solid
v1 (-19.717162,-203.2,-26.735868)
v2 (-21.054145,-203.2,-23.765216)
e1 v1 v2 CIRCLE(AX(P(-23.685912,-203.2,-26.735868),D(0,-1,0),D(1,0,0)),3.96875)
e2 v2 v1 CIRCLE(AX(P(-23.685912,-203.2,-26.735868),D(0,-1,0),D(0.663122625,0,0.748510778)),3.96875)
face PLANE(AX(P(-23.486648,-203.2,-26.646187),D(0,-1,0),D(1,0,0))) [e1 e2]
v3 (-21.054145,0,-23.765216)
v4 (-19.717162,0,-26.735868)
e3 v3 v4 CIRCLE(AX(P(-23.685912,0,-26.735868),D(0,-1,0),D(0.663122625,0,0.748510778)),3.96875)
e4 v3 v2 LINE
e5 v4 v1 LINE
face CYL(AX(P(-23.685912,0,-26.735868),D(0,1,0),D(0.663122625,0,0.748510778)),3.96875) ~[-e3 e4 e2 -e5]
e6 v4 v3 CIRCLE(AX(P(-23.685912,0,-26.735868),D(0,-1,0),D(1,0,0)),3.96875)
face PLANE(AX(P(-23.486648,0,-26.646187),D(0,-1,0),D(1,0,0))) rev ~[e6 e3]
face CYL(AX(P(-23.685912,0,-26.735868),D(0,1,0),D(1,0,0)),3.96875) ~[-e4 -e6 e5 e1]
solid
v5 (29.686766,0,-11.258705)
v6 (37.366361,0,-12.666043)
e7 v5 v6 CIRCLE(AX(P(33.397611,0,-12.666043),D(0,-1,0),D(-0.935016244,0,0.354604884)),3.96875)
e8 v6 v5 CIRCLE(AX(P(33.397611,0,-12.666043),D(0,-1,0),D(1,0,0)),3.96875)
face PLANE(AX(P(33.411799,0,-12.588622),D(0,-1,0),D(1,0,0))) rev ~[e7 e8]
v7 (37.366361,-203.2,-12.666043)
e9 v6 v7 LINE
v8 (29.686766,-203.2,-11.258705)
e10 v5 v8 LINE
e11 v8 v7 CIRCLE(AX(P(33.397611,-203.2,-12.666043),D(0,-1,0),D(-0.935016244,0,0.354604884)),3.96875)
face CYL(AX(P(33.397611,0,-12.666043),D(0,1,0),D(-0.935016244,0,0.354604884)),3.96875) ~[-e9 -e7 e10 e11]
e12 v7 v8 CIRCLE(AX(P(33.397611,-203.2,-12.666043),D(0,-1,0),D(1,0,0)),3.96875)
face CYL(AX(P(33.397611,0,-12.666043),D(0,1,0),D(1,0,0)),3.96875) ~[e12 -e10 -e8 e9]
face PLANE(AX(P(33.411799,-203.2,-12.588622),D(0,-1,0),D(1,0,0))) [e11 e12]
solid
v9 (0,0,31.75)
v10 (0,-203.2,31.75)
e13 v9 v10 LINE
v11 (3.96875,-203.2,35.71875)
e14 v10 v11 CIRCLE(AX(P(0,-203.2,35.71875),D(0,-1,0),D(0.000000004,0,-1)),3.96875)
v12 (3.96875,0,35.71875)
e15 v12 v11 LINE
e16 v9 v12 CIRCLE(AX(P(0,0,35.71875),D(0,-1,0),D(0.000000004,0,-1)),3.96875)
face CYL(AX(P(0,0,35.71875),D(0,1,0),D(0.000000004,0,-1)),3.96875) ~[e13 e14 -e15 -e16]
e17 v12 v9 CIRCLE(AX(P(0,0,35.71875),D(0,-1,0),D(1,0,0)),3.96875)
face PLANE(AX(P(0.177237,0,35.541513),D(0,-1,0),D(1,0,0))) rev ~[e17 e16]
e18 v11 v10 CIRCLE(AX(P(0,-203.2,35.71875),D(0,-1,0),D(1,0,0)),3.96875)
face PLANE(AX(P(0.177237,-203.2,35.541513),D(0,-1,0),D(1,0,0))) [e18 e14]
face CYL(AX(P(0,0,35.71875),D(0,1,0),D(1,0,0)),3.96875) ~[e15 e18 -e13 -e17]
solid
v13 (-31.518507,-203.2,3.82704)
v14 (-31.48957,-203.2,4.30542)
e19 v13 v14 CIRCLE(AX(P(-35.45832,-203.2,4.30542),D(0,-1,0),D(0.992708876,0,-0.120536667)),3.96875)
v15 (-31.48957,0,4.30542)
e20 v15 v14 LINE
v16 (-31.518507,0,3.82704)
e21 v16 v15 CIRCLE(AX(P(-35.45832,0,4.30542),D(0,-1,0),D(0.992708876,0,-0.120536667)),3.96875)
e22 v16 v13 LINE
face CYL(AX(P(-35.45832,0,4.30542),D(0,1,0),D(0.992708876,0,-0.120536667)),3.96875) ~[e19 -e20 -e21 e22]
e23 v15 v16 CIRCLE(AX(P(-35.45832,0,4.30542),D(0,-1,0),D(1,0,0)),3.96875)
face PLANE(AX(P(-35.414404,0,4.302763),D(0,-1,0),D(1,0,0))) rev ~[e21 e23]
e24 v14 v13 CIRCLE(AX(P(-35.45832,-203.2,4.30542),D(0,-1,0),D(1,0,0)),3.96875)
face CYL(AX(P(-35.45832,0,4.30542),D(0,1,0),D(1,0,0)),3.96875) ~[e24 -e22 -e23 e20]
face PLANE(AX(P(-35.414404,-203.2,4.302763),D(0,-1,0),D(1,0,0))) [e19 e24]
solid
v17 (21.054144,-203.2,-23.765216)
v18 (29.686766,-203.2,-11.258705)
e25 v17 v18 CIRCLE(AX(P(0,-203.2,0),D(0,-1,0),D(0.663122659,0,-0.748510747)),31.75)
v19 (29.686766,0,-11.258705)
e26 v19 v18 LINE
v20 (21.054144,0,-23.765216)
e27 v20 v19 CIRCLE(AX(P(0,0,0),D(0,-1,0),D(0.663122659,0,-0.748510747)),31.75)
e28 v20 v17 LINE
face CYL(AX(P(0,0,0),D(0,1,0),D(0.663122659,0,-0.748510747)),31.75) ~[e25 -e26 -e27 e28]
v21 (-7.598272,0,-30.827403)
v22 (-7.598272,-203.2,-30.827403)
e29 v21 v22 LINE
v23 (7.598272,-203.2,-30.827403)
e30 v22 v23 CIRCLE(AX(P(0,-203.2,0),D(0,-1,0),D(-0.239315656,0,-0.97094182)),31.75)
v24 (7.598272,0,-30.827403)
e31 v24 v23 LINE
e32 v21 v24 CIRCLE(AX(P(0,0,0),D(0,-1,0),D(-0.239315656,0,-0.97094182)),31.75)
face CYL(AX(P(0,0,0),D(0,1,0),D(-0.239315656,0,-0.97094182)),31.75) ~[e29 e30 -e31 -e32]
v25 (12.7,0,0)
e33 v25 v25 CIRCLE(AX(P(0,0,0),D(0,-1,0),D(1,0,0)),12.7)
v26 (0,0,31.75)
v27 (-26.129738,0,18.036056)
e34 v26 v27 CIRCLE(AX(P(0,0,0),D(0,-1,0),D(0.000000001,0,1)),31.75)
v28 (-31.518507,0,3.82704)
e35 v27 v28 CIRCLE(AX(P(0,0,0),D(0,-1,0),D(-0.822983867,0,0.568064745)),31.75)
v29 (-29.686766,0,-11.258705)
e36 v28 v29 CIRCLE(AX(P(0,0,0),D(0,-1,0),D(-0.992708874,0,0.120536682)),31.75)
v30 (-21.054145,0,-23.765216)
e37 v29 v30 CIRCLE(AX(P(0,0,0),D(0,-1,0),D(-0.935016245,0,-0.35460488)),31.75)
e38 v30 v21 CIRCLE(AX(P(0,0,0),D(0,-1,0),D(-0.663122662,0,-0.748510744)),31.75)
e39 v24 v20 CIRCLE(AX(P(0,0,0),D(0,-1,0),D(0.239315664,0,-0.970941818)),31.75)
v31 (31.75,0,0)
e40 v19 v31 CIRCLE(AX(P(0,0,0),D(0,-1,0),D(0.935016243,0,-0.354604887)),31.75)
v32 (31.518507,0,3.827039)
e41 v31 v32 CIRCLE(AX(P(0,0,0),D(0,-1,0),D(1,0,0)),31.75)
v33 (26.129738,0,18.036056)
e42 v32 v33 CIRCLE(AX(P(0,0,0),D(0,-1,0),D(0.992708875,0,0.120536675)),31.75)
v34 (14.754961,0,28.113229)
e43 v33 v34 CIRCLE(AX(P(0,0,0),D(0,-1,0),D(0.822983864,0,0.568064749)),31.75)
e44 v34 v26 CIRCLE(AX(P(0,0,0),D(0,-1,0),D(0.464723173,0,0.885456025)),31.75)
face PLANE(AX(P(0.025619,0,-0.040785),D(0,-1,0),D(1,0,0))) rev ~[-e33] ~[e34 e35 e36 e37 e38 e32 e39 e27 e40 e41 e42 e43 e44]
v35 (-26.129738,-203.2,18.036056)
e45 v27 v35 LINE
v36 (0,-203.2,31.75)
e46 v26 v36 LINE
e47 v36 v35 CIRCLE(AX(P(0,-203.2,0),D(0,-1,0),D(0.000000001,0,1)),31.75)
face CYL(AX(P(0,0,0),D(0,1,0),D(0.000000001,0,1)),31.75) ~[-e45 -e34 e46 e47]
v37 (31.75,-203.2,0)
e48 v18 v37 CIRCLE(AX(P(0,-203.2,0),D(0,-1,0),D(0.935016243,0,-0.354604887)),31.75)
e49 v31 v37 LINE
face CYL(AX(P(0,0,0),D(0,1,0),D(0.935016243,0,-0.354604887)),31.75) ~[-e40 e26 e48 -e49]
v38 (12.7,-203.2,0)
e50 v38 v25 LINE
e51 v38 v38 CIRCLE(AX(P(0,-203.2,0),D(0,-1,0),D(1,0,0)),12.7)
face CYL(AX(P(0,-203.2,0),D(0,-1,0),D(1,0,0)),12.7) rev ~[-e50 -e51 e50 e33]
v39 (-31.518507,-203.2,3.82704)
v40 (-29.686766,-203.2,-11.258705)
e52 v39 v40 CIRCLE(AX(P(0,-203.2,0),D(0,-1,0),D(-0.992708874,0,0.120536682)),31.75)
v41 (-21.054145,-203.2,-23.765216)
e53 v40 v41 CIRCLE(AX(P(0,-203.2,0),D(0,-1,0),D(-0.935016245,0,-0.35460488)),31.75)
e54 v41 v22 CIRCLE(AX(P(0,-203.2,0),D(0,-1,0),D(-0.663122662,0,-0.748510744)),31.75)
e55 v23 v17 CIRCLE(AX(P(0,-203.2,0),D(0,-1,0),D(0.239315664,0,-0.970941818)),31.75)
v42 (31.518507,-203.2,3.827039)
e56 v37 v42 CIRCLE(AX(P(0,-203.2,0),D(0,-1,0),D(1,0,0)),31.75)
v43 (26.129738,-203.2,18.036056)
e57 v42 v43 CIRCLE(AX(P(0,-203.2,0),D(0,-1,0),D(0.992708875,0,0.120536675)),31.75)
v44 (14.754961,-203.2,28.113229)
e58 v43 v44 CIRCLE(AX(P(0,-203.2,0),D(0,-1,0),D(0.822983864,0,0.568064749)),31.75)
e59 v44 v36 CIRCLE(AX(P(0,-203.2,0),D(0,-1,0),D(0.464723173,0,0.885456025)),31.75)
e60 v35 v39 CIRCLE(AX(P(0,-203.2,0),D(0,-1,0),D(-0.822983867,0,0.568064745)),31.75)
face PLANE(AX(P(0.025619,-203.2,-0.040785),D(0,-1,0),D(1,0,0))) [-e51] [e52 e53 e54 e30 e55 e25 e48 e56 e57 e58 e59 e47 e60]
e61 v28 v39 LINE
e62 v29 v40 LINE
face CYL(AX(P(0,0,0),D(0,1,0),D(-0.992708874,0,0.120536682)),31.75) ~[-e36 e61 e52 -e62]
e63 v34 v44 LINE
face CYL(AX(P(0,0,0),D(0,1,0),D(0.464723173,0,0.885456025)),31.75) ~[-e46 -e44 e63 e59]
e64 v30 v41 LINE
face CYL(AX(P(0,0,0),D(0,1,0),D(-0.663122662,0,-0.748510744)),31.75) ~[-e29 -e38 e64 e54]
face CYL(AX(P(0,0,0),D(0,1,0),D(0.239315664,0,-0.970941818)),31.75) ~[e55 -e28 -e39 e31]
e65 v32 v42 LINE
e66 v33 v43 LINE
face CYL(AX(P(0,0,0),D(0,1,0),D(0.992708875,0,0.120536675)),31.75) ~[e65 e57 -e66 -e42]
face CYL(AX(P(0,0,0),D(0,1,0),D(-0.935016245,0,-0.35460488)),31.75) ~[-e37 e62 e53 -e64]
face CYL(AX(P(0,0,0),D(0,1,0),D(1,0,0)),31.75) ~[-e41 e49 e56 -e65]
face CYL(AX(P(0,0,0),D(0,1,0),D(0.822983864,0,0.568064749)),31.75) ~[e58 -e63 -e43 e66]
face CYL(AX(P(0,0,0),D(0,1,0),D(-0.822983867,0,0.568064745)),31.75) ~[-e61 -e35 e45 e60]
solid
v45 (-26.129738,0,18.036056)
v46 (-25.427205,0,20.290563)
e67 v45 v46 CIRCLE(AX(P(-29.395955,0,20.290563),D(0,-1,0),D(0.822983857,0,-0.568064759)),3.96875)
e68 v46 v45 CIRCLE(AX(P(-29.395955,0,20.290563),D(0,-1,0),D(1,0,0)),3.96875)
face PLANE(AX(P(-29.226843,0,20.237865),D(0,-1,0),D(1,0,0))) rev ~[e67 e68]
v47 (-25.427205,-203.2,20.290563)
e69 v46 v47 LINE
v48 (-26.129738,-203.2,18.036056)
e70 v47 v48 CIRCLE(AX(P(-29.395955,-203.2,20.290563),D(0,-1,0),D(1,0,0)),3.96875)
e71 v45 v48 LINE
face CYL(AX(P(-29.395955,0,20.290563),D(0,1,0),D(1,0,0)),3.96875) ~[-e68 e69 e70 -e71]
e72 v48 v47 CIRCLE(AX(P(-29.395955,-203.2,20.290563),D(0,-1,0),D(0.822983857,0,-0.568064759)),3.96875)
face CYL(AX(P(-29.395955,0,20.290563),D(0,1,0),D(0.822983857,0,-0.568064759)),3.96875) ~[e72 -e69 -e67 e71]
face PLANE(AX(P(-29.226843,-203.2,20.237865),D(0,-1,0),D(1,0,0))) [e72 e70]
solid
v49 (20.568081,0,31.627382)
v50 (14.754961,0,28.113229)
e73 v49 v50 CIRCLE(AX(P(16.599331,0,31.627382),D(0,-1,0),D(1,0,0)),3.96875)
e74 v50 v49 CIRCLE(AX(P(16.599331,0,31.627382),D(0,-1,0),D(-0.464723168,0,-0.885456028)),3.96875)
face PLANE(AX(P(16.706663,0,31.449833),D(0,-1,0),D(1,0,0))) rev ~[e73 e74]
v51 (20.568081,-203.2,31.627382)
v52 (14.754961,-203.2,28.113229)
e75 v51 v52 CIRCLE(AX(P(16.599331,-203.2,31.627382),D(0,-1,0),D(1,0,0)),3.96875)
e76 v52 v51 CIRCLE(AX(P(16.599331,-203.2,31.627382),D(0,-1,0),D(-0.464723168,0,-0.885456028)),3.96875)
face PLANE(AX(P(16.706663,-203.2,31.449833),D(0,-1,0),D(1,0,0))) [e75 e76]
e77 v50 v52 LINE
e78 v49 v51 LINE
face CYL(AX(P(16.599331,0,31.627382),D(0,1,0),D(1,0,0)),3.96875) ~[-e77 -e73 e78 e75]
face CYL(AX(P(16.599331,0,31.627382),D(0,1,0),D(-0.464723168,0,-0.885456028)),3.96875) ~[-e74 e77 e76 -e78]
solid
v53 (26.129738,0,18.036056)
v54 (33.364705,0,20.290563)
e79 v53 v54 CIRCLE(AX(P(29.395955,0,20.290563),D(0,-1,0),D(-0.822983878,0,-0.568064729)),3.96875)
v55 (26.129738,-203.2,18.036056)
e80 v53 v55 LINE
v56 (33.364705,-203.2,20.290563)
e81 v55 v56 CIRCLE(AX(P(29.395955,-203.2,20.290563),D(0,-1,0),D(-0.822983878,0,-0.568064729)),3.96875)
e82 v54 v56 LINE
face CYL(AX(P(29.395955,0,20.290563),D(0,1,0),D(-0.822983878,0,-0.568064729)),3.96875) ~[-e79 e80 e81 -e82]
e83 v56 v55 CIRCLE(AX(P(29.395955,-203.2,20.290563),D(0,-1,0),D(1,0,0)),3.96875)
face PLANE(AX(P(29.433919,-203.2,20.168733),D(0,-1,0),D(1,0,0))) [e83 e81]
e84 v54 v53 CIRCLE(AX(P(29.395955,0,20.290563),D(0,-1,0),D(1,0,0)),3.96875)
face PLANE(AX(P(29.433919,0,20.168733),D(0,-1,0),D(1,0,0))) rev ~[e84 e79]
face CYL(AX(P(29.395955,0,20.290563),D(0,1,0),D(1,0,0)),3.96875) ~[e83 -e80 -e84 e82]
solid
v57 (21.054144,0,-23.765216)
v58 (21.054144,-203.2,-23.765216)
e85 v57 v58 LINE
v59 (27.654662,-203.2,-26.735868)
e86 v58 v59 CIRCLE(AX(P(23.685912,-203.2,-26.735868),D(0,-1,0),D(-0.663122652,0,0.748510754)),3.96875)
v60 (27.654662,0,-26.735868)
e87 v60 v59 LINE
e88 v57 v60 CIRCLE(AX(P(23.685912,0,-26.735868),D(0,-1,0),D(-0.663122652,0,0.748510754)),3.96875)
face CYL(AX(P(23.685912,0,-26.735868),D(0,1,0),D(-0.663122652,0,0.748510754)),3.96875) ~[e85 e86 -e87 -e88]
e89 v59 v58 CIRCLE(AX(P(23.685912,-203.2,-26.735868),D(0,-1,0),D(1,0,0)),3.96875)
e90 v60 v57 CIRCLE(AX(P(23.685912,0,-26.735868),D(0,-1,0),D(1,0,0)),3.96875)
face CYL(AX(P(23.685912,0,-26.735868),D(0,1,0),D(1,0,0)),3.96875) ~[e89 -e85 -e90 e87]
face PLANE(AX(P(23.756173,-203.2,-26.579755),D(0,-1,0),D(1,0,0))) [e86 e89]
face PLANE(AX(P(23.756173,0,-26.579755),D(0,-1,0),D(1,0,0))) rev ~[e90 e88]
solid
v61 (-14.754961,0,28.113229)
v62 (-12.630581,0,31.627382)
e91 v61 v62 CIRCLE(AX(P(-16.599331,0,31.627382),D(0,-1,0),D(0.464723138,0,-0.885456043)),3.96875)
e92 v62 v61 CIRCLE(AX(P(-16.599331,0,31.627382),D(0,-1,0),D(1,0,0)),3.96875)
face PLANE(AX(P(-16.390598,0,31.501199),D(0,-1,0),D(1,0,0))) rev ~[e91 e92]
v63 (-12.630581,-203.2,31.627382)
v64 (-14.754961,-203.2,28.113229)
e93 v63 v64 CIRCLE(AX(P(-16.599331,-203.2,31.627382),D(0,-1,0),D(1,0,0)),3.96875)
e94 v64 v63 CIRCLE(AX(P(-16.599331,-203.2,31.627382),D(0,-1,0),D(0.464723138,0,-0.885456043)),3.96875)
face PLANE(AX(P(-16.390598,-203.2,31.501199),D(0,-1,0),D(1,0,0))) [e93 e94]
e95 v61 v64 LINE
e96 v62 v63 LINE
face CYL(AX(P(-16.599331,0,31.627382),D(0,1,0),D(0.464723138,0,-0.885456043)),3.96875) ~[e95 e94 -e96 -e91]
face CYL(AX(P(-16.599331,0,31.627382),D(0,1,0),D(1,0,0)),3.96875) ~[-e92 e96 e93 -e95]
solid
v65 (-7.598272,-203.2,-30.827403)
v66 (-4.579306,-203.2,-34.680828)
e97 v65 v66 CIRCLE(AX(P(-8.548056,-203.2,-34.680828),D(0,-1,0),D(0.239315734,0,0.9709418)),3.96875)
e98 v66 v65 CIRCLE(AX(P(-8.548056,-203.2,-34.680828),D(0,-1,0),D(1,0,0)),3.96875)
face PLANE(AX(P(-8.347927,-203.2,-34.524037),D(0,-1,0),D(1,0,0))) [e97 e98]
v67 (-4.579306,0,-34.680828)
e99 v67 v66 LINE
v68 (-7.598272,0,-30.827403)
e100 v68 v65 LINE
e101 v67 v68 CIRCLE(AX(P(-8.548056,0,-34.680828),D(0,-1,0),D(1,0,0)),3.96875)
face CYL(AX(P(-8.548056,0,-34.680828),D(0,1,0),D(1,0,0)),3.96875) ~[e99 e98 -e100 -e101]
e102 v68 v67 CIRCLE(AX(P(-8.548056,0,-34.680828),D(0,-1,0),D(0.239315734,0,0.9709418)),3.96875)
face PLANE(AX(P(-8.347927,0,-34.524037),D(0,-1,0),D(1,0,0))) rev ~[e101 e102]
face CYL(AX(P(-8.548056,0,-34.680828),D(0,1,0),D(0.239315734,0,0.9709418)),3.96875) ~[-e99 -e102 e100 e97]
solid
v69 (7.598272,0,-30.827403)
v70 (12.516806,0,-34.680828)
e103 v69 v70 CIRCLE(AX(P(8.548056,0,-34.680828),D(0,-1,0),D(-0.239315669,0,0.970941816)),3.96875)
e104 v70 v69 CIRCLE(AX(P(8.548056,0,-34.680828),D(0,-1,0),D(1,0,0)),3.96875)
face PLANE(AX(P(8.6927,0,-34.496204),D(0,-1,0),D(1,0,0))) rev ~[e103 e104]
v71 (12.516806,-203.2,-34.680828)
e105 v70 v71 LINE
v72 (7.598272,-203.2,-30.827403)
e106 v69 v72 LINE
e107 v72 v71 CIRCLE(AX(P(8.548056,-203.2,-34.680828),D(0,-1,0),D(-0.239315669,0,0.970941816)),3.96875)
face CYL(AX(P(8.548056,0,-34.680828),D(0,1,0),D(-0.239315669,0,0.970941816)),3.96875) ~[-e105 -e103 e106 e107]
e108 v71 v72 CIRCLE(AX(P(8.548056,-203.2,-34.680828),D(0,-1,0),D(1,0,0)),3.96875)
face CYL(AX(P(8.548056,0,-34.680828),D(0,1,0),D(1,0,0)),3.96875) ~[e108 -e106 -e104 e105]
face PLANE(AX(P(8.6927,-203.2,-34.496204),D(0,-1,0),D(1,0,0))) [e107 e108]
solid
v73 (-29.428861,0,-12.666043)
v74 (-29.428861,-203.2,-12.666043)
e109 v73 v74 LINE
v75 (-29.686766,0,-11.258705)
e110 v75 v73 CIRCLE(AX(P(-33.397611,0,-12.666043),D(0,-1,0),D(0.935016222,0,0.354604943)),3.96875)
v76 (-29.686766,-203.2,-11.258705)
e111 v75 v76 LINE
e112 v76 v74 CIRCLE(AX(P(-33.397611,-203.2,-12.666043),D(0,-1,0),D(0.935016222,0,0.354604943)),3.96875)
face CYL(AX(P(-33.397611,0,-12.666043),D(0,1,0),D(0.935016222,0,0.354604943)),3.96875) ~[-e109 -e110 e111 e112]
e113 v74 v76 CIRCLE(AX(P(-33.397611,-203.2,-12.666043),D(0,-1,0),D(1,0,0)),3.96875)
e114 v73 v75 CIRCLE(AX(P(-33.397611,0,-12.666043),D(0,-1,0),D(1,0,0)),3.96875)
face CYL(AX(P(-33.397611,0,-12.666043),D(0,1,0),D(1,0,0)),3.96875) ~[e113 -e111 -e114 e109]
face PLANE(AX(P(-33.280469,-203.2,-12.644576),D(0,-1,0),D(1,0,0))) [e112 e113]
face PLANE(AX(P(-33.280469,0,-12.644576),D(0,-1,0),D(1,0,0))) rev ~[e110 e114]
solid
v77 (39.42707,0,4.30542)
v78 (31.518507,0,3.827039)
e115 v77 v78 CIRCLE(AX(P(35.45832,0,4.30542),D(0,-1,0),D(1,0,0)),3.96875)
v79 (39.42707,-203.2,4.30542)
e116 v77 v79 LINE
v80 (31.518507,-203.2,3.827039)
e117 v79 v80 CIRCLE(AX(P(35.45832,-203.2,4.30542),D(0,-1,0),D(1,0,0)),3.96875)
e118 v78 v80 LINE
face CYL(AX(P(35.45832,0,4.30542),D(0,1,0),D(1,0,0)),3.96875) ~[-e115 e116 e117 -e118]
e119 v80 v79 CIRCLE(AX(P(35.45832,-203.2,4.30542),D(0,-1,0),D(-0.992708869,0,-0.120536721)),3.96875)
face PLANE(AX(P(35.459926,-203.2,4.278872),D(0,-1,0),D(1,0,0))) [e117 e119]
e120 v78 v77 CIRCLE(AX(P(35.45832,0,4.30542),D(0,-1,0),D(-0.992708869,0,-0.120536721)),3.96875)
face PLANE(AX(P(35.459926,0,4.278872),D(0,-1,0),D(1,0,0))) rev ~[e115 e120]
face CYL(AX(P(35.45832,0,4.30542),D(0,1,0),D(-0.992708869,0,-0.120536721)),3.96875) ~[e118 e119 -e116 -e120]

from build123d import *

# Parameters (mm, degrees)
F1_DEPTH = 203.2
F2_R     = 12.7
F3_DEPTH = 203.2


with BuildPart() as f1:
    # F0 (on Front) → F1 (new body)
    with BuildSketch(Plane.XZ):
        with BuildLine():
            ThreePointArc((29.6867657005, -11.2587051762), (31.2299320444, -5.7230974572), (31.75, 0))
            ThreePointArc((31.75, 0), (31.6920738515, 1.9170172122), (31.5185067722, 3.8270394371))
            ThreePointArc((31.5185067722, 3.8270394371), (29.6867657186, 11.2587051285), (26.1297376926, 18.0360557804))
            ThreePointArc((26.1297376926, 18.0360557804), (21.0541443733, 23.7652162773), (14.7549607284, 28.1132288061))
            ThreePointArc((14.7549607284, 28.1132288061), (7.5982723581, 30.8274026991), (1.69e-08, 31.75))
            ThreePointArc((1.69e-08, 31.75), (-7.5982724069, 30.8274026871), (-14.7549608473, 28.1132287437))
            ThreePointArc((-14.7549608473, 28.1132287437), (-21.0541444784, 23.7652161842), (-26.1297377758, 18.0360556599))
            ThreePointArc((-26.1297377758, 18.0360556599), (-29.6867657065, 11.2587051603), (-31.5185067463, 3.8270396499))
            ThreePointArc((-31.5185067463, 3.8270396499), (-31.51850677, -3.827039455), (-29.6867657889, -11.2587049429))
            ThreePointArc((-29.6867657889, -11.2587049429), (-26.1297378593, -18.036055539), (-21.0541445312, -23.7652161374))
            ThreePointArc((-21.0541445312, -23.7652161374), (-14.7549606638, -28.11322884), (-7.5982720631, -30.8274027718))
            ThreePointArc((-7.5982720631, -30.8274027718), (1.343e-07, -31.75), (7.598272324, -30.8274027075))
            ThreePointArc((7.598272324, -30.8274027075), (14.7549607189, -28.1132288111), (21.0541444233, -23.765216233))
            ThreePointArc((21.0541444233, -23.765216233), (26.1297377475, -18.0360557009), (29.6867657005, -11.2587051762))
        make_face()
    extrude(amount=F1_DEPTH)

    # F2 (on face) → F3 (cut)
    with BuildSketch(Plane.XZ.offset(203.2)):
        Circle(F2_R)
    extrude(amount=-F3_DEPTH, mode=Mode.SUBTRACT)


with BuildPart() as f1b:
    # F0 (on Front) → F1, piece 2 (new body)
    with BuildSketch(Plane.XZ):
        with BuildLine():
            ThreePointArc((37.3663614184, -12.6660433091), (34.1129985931, -8.7623018021), (29.6867657005, -11.2587051762))
            ThreePointArc((29.6867657005, -11.2587051762), (32.6822242437, -16.569784816), (37.3663614184, -12.6660433091))
        make_face()
    extrude(amount=F1_DEPTH)


with BuildPart() as f1c:
    # F0 (on Front) → F1, piece 3 (new body)
    with BuildSketch(Plane.XZ):
        with BuildLine():
            ThreePointArc((27.654662449, -26.7358682862), (25.3147382854, -23.1167657791), (21.0541444233, -23.765216233))
            ThreePointArc((21.0541444233, -23.765216233), (22.0570866127, -30.3549707934), (27.654662449, -26.7358682862))
        make_face()
    extrude(amount=F1_DEPTH)


with BuildPart() as f1d:
    # F0 (on Front) → F1, piece 4 (new body)
    with BuildSketch(Plane.XZ):
        with BuildLine():
            ThreePointArc((12.5168063838, -34.6808280412), (10.9956594026, -31.5566935971), (7.598272324, -30.8274027075))
            ThreePointArc((7.598272324, -30.8274027075), (6.100453365, -37.8049624853), (12.5168063838, -34.6808280412))
        make_face()
    extrude(amount=F1_DEPTH)


with BuildPart() as f1e:
    # F0 (on Front) → F1, piece 5 (new body)
    with BuildSketch(Plane.XZ):
        with BuildLine():
            ThreePointArc((-4.5793063838, -34.6808280412), (-5.4239218568, -32.2332251281), (-7.5982720631, -30.8274027718))
            ThreePointArc((-7.5982720631, -30.8274027718), (-11.6721909107, -37.1284309542), (-4.5793063838, -34.6808280412))
        make_face()
    extrude(amount=F1_DEPTH)


with BuildPart() as f1f:
    # F0 (on Front) → F1, piece 6 (new body)
    with BuildSketch(Plane.XZ):
        with BuildLine():
            ThreePointArc((-19.717162449, -26.7358682862), (-20.0668099715, -25.1070423841), (-21.0541445312, -23.7652161374))
            ThreePointArc((-21.0541445312, -23.7652161374), (-27.3050149266, -28.3646941883), (-19.717162449, -26.7358682862))
        make_face()
    extrude(amount=F1_DEPTH)


with BuildPart() as f1g:
    # F0 (on Front) → F1, piece 7 (new body)
    with BuildSketch(Plane.XZ):
        with BuildLine():
            ThreePointArc((-29.4288614184, -12.6660433091), (-29.493869934, -11.9506560117), (-29.6867657889, -11.2587049429))
            ThreePointArc((-29.6867657889, -11.2587049429), (-37.3013529028, -13.3814306064), (-29.4288614184, -12.6660433091))
        make_face()
    extrude(amount=F1_DEPTH)


with BuildPart() as f1h:
    # F0 (on Front) → F1, piece 8 (new body)
    with BuildSketch(Plane.XZ):
        with BuildLine():
            ThreePointArc((-31.4895700967, 4.3054195479), (-39.4198293291, 4.5450466835), (-31.5185067463, 3.8270396499))
            ThreePointArc((-31.5185067463, 3.8270396499), (-31.4968108643, 4.0657924123), (-31.4895700967, 4.3054195479))
        make_face()
    extrude(amount=F1_DEPTH)


with BuildPart() as f1i:
    # F0 (on Front) → F1, piece 9 (new body)
    with BuildSketch(Plane.XZ):
        with BuildLine():
            ThreePointArc((-25.4272049599, 20.2905626723), (-33.18500339, 21.4712779456), (-26.1297377758, 18.0360556599))
            ThreePointArc((-26.1297377758, 18.0360556599), (-25.6069065298, 19.109847399), (-25.4272049599, 20.2905626723))
        make_face()
    extrude(amount=F1_DEPTH)


with BuildPart() as f1j:
    # F0 (on Front) → F1, piece 10 (new body)
    with BuildSketch(Plane.XZ):
        with BuildLine():
            ThreePointArc((-12.6305808014, 31.6273824163), (-19.9957126865, 33.6805669315), (-14.7549608473, 28.1132287437))
            ThreePointArc((-14.7549608473, 28.1132287437), (-13.2029489164, 29.5741979011), (-12.6305808014, 31.6273824163))
        make_face()
    extrude(amount=F1_DEPTH)


with BuildPart() as f1k:
    # F0 (on Front) → F1, piece 11 (new body)
    with BuildSketch(Plane.XZ):
        with BuildLine():
            ThreePointArc((3.96875, 35.71875), (-2.8063300438, 38.5250800319), (1.69e-08, 31.75))
            ThreePointArc((1.69e-08, 31.75), (2.8063300438, 32.9124199681), (3.96875, 35.71875))
        make_face()
    extrude(amount=F1_DEPTH)


with BuildPart() as f1l:
    # F0 (on Front) → F1, piece 12 (new body)
    with BuildSketch(Plane.XZ):
        with BuildLine():
            ThreePointArc((20.5680808014, 31.6273824163), (14.5461463437, 35.0237643361), (14.7549607284, 28.1132288061))
            ThreePointArc((14.7549607284, 28.1132288061), (18.6525152592, 28.2310004965), (20.5680808014, 31.6273824163))
        make_face()
    extrude(amount=F1_DEPTH)


with BuildPart() as f1m:
    # F0 (on Front) → F1, piece 13 (new body)
    with BuildSketch(Plane.XZ):
        with BuildLine():
            ThreePointArc((33.3647049599, 20.2905626723), (28.2152397565, 24.0796111242), (26.1297376926, 18.0360557804))
            ThreePointArc((26.1297376926, 18.0360557804), (30.5766701633, 16.5015142204), (33.3647049599, 20.2905626723))
        make_face()
    extrude(amount=F1_DEPTH)


with BuildPart() as f1n:
    # F0 (on Front) → F1, piece 14 (new body)
    with BuildSketch(Plane.XZ):
        with BuildLine():
            ThreePointArc((39.4270700967, 4.3054195479), (35.2186928541, 8.2669287738), (31.5185067722, 3.8270394371))
            ThreePointArc((31.5185067722, 3.8270394371), (35.6979473393, 0.3439103219), (39.4270700967, 4.3054195479))
        make_face()
    extrude(amount=F1_DEPTH)


solid = Compound([f1.part, f1b.part, f1c.part, f1d.part, f1e.part, f1f.part, f1g.part, f1h.part, f1i.part, f1j.part, f1k.part, f1l.part, f1m.part, f1n.part])
